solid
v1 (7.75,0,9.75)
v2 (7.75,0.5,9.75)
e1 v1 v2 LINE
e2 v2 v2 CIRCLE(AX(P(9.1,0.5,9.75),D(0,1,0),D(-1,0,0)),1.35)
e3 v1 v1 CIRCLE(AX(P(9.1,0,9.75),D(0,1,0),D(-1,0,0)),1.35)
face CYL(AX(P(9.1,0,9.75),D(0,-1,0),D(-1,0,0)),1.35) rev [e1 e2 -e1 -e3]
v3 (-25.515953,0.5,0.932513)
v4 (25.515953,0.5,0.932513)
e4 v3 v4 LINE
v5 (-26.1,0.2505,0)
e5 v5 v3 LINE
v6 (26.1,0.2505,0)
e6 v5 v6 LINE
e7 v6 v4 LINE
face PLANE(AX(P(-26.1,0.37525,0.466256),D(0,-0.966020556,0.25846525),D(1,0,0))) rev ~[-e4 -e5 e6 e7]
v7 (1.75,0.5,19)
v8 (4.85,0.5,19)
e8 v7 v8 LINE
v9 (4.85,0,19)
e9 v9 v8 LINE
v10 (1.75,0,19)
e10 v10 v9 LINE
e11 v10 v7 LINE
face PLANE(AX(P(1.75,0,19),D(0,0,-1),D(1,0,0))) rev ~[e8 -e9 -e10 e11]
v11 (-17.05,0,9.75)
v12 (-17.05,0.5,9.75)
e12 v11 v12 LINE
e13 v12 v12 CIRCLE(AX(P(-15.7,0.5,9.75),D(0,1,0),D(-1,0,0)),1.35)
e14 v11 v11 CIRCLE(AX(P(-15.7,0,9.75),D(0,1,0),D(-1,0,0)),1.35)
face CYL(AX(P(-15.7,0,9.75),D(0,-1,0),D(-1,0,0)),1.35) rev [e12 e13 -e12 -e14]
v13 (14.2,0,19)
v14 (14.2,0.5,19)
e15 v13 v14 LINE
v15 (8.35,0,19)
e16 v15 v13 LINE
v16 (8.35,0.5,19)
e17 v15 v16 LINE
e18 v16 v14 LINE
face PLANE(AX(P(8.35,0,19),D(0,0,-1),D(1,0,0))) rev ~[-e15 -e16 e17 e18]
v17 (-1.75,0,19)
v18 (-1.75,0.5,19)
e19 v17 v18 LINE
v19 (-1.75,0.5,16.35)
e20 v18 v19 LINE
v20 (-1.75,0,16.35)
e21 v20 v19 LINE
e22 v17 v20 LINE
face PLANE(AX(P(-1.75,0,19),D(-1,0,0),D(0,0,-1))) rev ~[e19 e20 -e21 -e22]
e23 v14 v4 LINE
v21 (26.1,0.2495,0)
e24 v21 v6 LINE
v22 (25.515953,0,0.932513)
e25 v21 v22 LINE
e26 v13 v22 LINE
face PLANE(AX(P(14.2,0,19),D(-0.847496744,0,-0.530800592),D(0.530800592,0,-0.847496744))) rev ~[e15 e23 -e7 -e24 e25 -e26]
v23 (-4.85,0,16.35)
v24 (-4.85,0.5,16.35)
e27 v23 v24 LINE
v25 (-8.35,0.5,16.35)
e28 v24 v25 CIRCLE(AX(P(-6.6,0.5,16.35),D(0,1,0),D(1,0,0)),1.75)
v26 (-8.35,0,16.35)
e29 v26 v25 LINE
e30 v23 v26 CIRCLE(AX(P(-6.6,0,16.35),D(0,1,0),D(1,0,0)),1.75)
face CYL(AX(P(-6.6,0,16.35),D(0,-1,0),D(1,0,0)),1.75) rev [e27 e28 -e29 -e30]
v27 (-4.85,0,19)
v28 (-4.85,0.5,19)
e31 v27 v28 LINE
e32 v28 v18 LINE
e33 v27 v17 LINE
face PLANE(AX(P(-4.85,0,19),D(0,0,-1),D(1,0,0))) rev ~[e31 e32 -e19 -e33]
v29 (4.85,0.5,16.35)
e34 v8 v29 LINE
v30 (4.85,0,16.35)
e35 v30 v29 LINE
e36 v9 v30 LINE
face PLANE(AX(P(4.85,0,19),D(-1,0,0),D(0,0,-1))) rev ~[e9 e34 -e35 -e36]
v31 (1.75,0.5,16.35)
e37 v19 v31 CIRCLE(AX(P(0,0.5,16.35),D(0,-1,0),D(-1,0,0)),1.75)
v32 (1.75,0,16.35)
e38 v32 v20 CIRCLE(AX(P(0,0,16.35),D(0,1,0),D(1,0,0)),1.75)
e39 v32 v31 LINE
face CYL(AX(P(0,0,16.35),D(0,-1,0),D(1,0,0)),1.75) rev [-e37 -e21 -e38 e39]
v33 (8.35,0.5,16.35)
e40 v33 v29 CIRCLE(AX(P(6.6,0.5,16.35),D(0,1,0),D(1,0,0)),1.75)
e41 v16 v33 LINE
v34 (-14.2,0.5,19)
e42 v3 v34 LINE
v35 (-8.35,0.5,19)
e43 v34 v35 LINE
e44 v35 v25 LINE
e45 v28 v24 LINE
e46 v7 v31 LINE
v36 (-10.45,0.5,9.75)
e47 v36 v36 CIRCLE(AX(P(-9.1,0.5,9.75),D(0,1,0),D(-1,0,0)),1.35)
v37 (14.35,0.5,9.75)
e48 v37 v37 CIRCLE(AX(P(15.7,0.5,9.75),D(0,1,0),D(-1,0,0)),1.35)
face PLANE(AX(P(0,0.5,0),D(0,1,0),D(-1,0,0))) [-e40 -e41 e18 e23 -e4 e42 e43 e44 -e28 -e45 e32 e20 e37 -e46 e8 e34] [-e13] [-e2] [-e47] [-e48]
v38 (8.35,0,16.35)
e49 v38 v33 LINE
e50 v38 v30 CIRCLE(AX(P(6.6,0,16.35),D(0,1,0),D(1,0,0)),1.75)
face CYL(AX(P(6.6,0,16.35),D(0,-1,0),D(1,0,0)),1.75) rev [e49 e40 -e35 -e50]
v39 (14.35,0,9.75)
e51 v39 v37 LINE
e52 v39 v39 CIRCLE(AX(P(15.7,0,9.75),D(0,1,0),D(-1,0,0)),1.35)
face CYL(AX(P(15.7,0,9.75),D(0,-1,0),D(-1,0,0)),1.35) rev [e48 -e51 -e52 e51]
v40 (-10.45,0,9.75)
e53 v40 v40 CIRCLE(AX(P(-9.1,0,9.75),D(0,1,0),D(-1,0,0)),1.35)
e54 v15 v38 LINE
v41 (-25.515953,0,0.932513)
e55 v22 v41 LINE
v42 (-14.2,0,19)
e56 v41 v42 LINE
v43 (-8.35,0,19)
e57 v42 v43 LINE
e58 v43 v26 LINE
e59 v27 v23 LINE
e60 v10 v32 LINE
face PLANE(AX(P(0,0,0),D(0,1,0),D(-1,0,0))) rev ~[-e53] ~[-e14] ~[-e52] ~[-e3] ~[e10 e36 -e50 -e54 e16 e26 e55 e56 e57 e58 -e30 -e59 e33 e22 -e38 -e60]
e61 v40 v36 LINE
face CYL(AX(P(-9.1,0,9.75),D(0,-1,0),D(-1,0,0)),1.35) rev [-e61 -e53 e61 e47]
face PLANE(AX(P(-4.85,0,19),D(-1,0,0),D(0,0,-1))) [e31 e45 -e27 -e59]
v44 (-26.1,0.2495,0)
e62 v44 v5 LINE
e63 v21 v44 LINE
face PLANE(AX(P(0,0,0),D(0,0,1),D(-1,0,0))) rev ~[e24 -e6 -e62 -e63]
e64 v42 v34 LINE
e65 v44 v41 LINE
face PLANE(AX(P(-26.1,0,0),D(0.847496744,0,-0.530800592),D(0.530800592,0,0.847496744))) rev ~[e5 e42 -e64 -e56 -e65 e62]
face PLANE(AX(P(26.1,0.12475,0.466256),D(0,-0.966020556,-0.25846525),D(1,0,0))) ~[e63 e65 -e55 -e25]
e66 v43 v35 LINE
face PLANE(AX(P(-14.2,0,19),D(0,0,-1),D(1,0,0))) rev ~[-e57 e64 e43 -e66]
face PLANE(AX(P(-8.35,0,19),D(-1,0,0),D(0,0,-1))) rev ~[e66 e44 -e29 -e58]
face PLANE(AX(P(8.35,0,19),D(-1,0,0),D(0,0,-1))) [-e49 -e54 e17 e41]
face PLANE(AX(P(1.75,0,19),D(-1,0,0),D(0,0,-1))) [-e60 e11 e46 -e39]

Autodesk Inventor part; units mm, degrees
ref_plane "YZ Plane" through (0, 0, 0) normal (1, 0, 0) x (0, 1, 0)
ref_plane "XZ Plane" through (0, 0, 0) normal (0, 1, 0) x (-1, 0, 0)
ref_plane "XY Plane" through (0, 0, 0) normal (0, 0, 1) x (1, 0, 0)
sketch "Skizze1" plane through (0, 0, 0) normal (0, 1, 0) x (-1, 0, 0)
  line L0 (26.1, 0) -> (14.2, 19)
  line L1 (-14.2, 19) -> (-26.1, 0)
  line L2 (-26.1, 0) -> (26.1, 0)
  line L3 (0, -3.8) -> (0, 22.8) projected
  line L4 (1.75, 19) -> (1.75, 16.35)
  line L5 (-1.75, 19) -> (-1.75, 16.35)
  line L6 (-4.85, 19) -> (-4.85, 16.35)
  line L7 (-8.35, 19) -> (-8.35, 16.35)
  line L8 (4.85, 19) -> (4.85, 16.35)
  line L9 (8.35, 19) -> (8.35, 16.35)
  arc A0 (4.85, 16.35) -> (8.35, 16.35) centre (6.6, 16.35) ccw
  arc A1 (-1.75, 16.35) -> (1.75, 16.35) centre (0, 16.35) ccw
  arc A2 (-8.35, 16.35) -> (-4.85, 16.35) centre (-6.6, 16.35) ccw
  line L10 (-1.75, 19) -> (-4.85, 19)
  line L11 (-8.35, 19) -> (-14.2, 19)
  line L12 (14.2, 19) -> (8.35, 19)
  line L13 (4.85, 19) -> (1.75, 19)
  line L14 (6.6, 16.35) -> (-6.6, 16.35) construction
  circle A3 centre (15.7, 9.75) radius 1.35
  circle A4 centre (9.1, 9.75) radius 1.35
  circle A5 centre (-9.1, 9.75) radius 1.35
  circle A6 centre (-15.7, 9.75) radius 1.35
  line L15 (15.7, 9.75) -> (-15.7, 9.75) construction
  point P0 (0, 0)
  dimension "d1" = 52.2
  dimension "d2" = 28.4
  dimension "d3" = 3.5
  dimension "d4" = 19
  dimension "d5" = 2.65
  dimension "d6" = 3.5
  dimension "d7" = 3.1
  dimension "d8" = 2.7
  dimension "d9" = 9.25
  dimension "d10" = 6.6
  dimension "d11" = 18.2
extrude "Extrusion1" add sketch "Skizze1" along normal blind 0.5
chamfer "Fase1" distance 0.25 angle 75 4 edges at (13.05, 0, 0) (-13.05, 0, 0) (13.05, 0.5, 0) (-13.05, 0.5, 0) measured on face at (17.4, 0.1667, 0) measured on face at (-8.7, 0.1667, 0)
equation "\"d6\" = d3"
properties part number "Rasierklinge" material "Stahl, weich"
